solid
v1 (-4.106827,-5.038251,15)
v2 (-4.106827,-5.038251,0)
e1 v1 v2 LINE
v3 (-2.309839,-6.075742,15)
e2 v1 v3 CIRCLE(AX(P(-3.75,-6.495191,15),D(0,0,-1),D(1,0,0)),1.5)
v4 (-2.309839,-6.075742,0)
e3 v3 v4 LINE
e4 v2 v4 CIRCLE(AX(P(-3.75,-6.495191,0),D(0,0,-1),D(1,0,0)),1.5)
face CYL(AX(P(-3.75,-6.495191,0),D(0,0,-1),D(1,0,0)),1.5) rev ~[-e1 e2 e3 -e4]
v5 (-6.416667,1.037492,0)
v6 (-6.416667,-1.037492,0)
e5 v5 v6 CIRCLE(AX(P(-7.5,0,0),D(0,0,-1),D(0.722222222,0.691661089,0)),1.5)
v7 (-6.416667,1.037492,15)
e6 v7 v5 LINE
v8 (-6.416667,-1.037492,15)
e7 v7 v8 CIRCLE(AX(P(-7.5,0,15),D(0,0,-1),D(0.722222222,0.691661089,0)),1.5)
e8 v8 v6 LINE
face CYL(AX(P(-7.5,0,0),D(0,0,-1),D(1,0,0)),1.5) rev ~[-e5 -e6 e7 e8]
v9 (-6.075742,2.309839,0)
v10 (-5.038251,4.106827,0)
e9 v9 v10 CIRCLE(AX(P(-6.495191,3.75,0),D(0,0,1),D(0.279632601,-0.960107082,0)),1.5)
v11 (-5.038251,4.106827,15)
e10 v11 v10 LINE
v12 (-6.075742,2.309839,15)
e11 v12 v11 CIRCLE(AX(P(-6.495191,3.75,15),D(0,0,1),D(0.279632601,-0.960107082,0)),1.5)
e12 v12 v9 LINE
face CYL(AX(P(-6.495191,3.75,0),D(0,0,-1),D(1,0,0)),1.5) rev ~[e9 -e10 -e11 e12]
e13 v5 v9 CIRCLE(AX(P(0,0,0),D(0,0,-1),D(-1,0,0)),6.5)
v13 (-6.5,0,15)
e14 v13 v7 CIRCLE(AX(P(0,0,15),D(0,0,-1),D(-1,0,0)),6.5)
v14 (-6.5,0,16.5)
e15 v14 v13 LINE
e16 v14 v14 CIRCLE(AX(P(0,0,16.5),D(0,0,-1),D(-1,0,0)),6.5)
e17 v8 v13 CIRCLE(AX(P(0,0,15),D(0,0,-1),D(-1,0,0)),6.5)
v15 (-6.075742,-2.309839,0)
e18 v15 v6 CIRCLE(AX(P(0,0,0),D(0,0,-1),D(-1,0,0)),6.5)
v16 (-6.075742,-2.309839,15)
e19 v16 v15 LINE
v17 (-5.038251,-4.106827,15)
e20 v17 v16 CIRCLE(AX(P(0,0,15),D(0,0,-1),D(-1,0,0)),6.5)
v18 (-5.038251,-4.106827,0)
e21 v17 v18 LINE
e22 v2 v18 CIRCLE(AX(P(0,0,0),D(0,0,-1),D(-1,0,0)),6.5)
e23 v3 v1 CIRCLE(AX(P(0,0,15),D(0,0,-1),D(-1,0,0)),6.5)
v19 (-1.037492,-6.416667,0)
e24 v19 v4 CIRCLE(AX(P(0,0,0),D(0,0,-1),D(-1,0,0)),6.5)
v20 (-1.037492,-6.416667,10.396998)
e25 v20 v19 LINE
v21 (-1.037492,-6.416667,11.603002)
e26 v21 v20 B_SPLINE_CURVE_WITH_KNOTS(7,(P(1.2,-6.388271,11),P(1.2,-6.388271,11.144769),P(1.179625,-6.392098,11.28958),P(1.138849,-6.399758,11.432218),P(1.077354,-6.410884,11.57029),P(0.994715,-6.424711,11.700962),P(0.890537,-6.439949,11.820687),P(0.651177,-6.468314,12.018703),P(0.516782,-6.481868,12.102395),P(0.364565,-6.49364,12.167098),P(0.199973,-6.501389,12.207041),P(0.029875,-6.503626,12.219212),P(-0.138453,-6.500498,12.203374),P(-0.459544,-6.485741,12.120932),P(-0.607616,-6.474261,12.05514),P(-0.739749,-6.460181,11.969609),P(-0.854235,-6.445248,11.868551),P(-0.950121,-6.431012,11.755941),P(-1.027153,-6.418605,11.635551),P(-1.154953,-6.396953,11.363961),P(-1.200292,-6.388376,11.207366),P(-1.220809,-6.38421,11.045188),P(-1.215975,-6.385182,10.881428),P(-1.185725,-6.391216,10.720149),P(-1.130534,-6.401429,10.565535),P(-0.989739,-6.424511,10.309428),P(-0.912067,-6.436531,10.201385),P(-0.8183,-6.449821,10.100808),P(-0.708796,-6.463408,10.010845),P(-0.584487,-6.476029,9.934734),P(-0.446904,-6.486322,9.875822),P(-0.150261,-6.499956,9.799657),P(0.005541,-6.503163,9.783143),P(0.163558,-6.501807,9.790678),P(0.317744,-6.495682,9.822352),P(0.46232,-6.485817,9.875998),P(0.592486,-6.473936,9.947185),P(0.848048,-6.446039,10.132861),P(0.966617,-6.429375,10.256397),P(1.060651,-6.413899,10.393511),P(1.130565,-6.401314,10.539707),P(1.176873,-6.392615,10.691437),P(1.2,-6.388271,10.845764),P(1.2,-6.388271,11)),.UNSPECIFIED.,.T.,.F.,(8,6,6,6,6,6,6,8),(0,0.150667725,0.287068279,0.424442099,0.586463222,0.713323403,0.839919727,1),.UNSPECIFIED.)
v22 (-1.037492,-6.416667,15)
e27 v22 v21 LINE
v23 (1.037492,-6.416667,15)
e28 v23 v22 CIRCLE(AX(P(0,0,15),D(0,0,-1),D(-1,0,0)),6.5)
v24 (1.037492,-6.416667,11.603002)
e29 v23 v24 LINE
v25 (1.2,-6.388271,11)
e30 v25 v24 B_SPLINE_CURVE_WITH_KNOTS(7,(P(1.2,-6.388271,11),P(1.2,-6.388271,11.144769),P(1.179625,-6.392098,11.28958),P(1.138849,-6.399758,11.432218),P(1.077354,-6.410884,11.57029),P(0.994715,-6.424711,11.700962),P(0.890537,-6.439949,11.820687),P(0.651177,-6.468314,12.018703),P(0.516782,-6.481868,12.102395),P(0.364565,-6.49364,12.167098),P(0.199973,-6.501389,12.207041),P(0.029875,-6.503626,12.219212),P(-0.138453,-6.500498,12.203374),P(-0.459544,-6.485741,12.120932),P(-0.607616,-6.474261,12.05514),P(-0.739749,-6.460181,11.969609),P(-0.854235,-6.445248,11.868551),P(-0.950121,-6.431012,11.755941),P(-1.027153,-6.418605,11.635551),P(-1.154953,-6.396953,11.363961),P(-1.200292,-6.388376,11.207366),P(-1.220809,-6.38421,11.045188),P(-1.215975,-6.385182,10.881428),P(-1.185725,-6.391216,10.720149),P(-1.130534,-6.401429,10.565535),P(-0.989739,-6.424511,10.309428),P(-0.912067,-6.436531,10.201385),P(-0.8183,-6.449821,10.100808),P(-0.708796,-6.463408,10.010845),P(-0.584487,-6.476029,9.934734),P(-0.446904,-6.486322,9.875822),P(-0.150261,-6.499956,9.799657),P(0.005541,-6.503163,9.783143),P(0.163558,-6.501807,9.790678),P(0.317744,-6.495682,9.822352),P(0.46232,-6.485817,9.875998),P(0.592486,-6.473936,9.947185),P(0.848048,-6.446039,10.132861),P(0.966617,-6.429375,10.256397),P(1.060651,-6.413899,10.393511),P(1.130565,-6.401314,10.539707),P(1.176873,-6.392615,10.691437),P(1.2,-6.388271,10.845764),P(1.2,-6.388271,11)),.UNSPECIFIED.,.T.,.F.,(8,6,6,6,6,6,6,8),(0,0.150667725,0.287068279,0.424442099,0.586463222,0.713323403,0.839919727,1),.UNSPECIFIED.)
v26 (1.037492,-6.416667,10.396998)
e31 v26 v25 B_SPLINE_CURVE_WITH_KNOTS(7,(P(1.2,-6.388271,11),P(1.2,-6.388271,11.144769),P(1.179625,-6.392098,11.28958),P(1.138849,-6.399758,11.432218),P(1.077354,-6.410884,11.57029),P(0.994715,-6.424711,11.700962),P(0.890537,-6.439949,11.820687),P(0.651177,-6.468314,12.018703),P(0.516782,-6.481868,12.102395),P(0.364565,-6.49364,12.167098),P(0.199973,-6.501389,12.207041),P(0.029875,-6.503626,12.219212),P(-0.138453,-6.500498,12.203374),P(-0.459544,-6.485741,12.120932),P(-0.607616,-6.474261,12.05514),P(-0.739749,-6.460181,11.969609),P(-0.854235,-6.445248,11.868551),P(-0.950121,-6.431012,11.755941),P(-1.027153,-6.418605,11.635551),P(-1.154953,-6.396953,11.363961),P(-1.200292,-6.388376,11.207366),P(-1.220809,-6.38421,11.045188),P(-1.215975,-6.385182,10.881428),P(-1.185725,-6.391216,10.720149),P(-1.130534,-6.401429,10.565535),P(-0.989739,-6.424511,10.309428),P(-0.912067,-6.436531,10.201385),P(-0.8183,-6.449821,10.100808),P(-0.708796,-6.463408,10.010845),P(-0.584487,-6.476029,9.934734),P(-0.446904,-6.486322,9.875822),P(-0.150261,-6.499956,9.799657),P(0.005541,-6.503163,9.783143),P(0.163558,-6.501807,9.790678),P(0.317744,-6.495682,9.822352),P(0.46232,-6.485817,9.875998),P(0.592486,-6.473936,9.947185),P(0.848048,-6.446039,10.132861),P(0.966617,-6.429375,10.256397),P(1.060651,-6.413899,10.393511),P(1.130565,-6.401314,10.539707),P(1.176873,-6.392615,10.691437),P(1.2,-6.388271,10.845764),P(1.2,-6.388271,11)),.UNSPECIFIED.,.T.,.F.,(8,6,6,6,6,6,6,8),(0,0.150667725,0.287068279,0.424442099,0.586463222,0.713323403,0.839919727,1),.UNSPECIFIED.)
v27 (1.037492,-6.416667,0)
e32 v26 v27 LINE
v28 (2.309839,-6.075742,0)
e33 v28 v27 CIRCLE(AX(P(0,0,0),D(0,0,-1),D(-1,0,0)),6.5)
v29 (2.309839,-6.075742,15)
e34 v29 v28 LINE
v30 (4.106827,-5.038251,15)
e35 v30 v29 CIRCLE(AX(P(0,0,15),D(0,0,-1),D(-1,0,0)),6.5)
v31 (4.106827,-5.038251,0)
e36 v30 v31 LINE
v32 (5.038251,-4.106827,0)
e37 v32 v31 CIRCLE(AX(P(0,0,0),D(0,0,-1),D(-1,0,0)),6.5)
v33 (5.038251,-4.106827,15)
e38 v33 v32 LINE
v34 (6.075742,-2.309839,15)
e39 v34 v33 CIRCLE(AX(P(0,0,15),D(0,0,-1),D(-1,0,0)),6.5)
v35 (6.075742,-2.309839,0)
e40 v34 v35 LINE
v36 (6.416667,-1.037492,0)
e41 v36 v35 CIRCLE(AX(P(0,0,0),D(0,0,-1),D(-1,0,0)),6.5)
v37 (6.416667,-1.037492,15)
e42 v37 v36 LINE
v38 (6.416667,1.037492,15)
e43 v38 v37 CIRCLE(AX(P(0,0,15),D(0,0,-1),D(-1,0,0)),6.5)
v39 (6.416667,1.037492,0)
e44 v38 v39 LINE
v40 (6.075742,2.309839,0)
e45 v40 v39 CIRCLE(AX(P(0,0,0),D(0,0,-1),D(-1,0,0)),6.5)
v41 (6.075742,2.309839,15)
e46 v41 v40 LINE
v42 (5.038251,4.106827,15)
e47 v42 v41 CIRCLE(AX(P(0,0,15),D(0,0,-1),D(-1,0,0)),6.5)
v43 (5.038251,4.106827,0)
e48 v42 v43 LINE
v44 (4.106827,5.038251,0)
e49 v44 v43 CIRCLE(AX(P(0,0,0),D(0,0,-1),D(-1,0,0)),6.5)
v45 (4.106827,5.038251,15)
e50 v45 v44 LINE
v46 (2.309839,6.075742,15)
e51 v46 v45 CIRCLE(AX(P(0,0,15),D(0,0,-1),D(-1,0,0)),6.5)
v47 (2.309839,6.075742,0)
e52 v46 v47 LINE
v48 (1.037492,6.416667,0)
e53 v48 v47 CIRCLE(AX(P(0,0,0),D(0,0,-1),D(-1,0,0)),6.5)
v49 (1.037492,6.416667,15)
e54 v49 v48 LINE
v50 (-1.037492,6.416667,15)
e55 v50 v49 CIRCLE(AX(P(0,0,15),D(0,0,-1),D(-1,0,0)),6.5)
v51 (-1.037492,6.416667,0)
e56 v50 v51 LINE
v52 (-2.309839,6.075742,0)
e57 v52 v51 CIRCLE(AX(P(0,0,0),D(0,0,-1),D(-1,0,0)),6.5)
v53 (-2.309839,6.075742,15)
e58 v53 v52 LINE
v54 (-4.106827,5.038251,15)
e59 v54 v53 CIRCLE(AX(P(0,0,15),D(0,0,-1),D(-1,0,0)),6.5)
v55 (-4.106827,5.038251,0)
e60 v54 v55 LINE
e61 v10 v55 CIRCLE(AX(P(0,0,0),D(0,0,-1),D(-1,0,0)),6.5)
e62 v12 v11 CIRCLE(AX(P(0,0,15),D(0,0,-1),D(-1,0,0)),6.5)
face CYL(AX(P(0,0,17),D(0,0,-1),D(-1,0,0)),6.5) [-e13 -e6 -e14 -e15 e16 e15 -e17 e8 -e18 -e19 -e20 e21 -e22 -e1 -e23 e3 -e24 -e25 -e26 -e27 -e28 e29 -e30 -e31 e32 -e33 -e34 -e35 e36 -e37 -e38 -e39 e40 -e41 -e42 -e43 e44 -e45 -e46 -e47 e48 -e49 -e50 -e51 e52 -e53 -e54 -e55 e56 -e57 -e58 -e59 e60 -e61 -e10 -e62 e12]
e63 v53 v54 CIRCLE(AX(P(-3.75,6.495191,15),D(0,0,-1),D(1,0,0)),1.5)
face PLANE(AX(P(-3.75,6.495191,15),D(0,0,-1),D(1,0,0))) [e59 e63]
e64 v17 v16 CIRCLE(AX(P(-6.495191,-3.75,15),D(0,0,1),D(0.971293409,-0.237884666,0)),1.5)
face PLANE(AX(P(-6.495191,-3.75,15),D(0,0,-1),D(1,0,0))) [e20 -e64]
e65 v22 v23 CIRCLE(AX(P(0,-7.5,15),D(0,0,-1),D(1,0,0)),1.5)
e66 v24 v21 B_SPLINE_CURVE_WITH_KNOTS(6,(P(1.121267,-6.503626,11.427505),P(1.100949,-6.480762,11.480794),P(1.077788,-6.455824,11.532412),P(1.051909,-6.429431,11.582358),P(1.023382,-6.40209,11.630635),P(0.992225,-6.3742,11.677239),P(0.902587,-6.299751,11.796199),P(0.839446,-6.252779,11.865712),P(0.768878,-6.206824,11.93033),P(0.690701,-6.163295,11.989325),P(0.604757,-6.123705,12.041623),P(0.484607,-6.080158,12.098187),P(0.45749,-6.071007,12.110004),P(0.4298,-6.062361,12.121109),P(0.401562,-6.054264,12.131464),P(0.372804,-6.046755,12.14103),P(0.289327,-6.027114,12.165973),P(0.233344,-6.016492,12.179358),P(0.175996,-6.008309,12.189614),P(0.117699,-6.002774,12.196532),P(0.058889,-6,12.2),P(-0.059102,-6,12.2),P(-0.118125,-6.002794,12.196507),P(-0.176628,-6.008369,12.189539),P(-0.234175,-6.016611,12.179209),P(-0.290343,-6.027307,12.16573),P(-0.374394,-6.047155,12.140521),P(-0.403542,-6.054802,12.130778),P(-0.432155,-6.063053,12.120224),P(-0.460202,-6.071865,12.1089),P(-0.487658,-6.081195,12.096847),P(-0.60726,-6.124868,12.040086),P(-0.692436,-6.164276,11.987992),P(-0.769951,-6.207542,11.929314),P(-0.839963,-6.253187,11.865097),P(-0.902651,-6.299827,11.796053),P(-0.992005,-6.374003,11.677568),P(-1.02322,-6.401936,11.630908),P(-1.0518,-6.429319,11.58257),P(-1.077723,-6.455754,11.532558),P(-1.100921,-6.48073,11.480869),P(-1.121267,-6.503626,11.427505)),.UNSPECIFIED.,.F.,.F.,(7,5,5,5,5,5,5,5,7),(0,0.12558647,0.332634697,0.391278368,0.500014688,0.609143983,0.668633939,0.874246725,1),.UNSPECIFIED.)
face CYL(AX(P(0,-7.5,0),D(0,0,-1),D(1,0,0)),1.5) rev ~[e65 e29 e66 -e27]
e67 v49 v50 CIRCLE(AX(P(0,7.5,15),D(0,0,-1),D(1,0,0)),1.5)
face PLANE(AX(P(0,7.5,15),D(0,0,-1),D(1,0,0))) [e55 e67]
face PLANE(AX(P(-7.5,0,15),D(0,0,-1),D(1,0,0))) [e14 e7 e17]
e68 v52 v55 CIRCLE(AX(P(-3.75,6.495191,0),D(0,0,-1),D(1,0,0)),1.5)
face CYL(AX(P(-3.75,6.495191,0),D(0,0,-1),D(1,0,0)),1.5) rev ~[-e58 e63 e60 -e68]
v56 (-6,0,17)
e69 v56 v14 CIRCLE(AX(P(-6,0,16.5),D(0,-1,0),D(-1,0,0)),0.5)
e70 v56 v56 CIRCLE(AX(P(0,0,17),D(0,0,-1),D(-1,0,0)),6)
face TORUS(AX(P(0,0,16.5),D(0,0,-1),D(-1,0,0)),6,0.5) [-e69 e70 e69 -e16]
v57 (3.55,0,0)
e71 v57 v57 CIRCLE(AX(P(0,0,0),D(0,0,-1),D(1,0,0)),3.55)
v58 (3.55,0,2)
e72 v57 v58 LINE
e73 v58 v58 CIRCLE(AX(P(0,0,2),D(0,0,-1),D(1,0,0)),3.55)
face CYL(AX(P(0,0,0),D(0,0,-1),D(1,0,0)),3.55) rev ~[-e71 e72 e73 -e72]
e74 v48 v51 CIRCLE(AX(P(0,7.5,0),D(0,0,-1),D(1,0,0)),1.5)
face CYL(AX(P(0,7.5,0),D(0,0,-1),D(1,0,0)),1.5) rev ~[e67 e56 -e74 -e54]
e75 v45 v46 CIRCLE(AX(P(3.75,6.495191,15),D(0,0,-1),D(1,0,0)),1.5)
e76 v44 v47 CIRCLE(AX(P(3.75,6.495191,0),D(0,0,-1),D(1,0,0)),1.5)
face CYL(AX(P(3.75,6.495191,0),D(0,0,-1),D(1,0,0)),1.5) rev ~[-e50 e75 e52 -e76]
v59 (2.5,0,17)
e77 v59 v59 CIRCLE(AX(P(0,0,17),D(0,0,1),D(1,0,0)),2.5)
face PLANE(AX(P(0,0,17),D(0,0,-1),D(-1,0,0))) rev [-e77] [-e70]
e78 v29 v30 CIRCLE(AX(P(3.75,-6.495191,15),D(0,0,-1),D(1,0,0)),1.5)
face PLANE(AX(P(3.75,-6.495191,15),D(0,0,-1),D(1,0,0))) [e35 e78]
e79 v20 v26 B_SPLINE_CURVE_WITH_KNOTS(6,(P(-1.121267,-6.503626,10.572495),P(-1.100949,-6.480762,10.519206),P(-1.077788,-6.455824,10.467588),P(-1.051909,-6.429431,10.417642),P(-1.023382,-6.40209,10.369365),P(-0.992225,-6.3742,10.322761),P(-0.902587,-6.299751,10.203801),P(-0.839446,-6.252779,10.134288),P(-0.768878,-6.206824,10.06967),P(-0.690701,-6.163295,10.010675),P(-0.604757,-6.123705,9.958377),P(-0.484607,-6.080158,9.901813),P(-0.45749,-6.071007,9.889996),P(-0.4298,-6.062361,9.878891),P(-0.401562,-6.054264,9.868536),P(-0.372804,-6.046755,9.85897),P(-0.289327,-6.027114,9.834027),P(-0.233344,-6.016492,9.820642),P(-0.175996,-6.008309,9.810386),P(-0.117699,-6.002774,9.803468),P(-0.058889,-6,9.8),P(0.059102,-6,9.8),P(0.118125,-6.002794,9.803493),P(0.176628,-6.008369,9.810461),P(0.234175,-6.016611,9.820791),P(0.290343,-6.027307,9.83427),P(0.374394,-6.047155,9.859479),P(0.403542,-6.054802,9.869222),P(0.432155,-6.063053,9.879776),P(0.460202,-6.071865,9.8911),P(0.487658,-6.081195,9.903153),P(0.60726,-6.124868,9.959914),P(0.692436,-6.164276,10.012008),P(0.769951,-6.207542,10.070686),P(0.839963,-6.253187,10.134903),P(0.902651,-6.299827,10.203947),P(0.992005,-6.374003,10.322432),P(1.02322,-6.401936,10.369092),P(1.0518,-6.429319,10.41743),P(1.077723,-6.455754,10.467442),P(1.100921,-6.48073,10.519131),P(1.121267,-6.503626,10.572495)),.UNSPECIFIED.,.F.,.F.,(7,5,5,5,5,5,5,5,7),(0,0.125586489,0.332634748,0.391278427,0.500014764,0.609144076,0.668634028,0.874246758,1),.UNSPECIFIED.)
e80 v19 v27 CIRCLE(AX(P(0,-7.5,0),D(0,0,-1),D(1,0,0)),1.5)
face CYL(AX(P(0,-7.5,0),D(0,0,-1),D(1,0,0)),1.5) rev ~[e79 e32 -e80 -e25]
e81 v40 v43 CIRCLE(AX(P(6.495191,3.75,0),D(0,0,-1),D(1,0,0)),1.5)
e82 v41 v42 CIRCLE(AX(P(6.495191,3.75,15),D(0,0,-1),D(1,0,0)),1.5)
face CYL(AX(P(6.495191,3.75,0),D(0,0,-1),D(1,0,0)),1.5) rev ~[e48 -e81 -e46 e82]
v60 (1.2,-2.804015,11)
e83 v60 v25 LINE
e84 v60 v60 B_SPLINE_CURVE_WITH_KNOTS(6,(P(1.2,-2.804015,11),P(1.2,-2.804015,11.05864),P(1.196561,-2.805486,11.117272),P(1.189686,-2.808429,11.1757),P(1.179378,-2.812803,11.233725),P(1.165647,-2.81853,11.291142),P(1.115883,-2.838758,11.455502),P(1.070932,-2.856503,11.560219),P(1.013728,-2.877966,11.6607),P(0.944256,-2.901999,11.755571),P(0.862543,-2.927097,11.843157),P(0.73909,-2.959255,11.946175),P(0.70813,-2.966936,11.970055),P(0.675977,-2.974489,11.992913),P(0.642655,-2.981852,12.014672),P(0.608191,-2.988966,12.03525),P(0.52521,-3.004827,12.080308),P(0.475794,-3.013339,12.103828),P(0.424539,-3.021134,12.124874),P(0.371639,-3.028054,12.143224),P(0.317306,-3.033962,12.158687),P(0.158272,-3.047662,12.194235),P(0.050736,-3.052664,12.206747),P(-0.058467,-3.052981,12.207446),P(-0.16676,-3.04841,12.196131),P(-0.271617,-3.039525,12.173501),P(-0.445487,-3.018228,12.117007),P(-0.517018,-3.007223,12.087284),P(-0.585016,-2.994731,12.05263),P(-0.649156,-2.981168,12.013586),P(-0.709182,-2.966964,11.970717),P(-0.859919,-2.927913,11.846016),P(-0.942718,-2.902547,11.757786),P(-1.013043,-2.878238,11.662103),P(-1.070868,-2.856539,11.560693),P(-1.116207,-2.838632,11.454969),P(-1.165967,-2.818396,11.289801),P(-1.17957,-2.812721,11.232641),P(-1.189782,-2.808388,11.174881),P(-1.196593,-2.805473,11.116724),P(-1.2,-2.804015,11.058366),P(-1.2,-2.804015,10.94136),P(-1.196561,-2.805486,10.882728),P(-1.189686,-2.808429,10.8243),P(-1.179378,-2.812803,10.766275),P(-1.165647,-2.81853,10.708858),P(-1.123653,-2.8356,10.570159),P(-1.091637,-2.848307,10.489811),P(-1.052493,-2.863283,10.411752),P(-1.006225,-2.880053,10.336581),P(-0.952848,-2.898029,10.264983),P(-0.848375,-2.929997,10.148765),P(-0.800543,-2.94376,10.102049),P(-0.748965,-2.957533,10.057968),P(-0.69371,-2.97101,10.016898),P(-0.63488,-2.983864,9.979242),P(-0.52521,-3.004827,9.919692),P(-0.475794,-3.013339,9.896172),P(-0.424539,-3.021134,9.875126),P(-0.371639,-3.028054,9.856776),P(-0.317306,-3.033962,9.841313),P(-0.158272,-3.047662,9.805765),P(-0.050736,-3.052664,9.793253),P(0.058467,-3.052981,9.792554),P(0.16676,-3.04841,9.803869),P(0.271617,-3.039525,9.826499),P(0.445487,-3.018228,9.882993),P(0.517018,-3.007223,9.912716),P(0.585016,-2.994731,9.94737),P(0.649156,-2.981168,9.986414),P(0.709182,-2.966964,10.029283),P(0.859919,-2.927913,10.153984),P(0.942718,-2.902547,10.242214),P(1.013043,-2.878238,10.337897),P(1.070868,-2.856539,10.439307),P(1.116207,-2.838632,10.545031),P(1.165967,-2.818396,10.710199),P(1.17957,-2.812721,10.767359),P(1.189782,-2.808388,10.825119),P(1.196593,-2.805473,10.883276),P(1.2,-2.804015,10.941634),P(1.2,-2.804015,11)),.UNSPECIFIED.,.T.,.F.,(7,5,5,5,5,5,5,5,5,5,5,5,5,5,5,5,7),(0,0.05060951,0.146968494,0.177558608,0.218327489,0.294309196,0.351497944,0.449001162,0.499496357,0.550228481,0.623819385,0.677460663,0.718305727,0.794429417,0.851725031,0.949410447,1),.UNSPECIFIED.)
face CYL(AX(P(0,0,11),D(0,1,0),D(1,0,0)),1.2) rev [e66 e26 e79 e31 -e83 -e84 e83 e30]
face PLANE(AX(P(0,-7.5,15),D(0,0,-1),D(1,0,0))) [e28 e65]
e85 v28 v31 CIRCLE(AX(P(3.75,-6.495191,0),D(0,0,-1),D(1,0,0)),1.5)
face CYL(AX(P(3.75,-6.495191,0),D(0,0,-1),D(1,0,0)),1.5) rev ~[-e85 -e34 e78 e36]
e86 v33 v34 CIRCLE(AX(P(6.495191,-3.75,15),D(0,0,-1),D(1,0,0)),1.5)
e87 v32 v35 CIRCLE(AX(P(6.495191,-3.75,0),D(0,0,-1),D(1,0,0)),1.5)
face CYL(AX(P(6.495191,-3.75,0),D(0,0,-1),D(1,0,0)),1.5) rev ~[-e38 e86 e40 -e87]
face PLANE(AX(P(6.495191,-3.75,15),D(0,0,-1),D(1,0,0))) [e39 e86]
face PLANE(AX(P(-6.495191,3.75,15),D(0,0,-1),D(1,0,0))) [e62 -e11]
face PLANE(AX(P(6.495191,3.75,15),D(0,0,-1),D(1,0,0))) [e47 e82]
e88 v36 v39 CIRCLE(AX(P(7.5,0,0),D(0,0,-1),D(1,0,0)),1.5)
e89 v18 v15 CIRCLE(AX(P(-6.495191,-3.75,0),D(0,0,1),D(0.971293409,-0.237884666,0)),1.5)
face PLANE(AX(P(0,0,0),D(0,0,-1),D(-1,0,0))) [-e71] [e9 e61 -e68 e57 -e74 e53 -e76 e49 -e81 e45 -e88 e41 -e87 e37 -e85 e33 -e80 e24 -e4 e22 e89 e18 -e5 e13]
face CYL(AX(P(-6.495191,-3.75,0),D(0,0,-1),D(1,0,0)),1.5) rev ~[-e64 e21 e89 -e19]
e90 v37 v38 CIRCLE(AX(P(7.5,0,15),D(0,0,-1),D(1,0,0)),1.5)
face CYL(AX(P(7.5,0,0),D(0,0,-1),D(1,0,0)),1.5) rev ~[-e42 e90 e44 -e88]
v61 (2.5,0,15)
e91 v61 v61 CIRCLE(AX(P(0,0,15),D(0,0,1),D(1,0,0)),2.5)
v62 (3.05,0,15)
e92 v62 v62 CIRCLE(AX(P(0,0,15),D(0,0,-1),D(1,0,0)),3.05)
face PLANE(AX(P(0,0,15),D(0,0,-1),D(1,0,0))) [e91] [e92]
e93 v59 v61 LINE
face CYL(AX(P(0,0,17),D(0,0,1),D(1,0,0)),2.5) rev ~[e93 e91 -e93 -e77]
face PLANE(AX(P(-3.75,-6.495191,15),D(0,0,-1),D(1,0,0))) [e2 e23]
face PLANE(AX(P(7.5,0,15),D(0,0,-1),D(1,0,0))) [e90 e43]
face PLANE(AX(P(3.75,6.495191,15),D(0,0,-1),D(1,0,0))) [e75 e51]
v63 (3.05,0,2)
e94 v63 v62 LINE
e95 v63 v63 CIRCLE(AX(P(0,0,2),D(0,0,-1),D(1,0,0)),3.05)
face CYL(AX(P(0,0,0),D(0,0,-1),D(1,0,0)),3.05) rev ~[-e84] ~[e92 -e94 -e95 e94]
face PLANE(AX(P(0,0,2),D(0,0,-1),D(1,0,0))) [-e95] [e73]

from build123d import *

# Parameters (mm, degrees)
F2_R      = 3.05
F3_DEPTH  = 15
F4_R      = 0.5
F5_R      = 1.2
F6_DEPTH  = 7
F7_R      = 1.5
F8_DEPTH  = 15
F9_R      = 3.55
F10_DEPTH = 2
F11_R     = 2.5
F12_DEPTH = 3


with BuildPart() as f1:
    # F0 (on Front) → F1 (revolve)
    with BuildSketch(Plane.XZ):
        Polygon((-5, 0), (0, 0), (0, 17), (-6.5, 17), (-6.5, 0), align=None)
    revolve(axis=Axis((0, 0, -3.667768), (0, 0, -1)))

    # F2 (on face) → F3 (cut)
    with BuildSketch(Plane(origin=(0, 0, 0), x_dir=(1, 0, 0), z_dir=(0, 0, -1))):
        Circle(F2_R)
    extrude(amount=-F3_DEPTH, mode=Mode.SUBTRACT)

    # F4
    f4_edges = [f1.edges().sort_by_distance(p)[0] for p in [
        (6.5, 0, 17),
    ]]
    fillet(f4_edges, radius=F4_R)

    # F5 (on Front) → F6 (cut)
    with BuildSketch(Plane.XZ):
        with Locations((0, 11)):
            Circle(F5_R)
    extrude(amount=F6_DEPTH, mode=Mode.SUBTRACT)

    # F7 (on face) → F8 (cut)
    with BuildSketch(Plane(origin=(0, 0, 0), x_dir=(1, 0, 0), z_dir=(0, 0, -1))):
        with Locations((-7.5, 0)):
            Circle(F7_R)
        with Locations((-6.495191, -3.75)):
            Circle(F7_R)
        with Locations((-3.75, -6.495191)):
            Circle(F7_R)
        with Locations((0, -7.5)):
            Circle(F7_R)
        with Locations((3.75, -6.495191)):
            Circle(F7_R)
        with Locations((6.495191, -3.75)):
            Circle(F7_R)
        with Locations((7.5, 0)):
            Circle(F7_R)
        with Locations((6.495191, 3.75)):
            Circle(F7_R)
        with Locations((3.75, 6.495191)):
            Circle(F7_R)
        with Locations((0, 7.5)):
            Circle(F7_R)
        with Locations((-3.75, 6.495191)):
            Circle(F7_R)
        with Locations((-6.495191, 3.75)):
            Circle(F7_R)
    extrude(amount=-F8_DEPTH, mode=Mode.SUBTRACT)

    # F9 (on face) → F10 (cut)
    with BuildSketch(Plane(origin=(0, 0, 0), x_dir=(1, 0, 0), z_dir=(0, 0, -1))):
        Circle(F9_R)
    extrude(amount=-F10_DEPTH, mode=Mode.SUBTRACT)

    # F11 (on face) → F12 (cut)
    with BuildSketch(Plane.XY.offset(17)):
        Circle(F11_R)
    extrude(amount=-F12_DEPTH, mode=Mode.SUBTRACT)


solid = f1.part
